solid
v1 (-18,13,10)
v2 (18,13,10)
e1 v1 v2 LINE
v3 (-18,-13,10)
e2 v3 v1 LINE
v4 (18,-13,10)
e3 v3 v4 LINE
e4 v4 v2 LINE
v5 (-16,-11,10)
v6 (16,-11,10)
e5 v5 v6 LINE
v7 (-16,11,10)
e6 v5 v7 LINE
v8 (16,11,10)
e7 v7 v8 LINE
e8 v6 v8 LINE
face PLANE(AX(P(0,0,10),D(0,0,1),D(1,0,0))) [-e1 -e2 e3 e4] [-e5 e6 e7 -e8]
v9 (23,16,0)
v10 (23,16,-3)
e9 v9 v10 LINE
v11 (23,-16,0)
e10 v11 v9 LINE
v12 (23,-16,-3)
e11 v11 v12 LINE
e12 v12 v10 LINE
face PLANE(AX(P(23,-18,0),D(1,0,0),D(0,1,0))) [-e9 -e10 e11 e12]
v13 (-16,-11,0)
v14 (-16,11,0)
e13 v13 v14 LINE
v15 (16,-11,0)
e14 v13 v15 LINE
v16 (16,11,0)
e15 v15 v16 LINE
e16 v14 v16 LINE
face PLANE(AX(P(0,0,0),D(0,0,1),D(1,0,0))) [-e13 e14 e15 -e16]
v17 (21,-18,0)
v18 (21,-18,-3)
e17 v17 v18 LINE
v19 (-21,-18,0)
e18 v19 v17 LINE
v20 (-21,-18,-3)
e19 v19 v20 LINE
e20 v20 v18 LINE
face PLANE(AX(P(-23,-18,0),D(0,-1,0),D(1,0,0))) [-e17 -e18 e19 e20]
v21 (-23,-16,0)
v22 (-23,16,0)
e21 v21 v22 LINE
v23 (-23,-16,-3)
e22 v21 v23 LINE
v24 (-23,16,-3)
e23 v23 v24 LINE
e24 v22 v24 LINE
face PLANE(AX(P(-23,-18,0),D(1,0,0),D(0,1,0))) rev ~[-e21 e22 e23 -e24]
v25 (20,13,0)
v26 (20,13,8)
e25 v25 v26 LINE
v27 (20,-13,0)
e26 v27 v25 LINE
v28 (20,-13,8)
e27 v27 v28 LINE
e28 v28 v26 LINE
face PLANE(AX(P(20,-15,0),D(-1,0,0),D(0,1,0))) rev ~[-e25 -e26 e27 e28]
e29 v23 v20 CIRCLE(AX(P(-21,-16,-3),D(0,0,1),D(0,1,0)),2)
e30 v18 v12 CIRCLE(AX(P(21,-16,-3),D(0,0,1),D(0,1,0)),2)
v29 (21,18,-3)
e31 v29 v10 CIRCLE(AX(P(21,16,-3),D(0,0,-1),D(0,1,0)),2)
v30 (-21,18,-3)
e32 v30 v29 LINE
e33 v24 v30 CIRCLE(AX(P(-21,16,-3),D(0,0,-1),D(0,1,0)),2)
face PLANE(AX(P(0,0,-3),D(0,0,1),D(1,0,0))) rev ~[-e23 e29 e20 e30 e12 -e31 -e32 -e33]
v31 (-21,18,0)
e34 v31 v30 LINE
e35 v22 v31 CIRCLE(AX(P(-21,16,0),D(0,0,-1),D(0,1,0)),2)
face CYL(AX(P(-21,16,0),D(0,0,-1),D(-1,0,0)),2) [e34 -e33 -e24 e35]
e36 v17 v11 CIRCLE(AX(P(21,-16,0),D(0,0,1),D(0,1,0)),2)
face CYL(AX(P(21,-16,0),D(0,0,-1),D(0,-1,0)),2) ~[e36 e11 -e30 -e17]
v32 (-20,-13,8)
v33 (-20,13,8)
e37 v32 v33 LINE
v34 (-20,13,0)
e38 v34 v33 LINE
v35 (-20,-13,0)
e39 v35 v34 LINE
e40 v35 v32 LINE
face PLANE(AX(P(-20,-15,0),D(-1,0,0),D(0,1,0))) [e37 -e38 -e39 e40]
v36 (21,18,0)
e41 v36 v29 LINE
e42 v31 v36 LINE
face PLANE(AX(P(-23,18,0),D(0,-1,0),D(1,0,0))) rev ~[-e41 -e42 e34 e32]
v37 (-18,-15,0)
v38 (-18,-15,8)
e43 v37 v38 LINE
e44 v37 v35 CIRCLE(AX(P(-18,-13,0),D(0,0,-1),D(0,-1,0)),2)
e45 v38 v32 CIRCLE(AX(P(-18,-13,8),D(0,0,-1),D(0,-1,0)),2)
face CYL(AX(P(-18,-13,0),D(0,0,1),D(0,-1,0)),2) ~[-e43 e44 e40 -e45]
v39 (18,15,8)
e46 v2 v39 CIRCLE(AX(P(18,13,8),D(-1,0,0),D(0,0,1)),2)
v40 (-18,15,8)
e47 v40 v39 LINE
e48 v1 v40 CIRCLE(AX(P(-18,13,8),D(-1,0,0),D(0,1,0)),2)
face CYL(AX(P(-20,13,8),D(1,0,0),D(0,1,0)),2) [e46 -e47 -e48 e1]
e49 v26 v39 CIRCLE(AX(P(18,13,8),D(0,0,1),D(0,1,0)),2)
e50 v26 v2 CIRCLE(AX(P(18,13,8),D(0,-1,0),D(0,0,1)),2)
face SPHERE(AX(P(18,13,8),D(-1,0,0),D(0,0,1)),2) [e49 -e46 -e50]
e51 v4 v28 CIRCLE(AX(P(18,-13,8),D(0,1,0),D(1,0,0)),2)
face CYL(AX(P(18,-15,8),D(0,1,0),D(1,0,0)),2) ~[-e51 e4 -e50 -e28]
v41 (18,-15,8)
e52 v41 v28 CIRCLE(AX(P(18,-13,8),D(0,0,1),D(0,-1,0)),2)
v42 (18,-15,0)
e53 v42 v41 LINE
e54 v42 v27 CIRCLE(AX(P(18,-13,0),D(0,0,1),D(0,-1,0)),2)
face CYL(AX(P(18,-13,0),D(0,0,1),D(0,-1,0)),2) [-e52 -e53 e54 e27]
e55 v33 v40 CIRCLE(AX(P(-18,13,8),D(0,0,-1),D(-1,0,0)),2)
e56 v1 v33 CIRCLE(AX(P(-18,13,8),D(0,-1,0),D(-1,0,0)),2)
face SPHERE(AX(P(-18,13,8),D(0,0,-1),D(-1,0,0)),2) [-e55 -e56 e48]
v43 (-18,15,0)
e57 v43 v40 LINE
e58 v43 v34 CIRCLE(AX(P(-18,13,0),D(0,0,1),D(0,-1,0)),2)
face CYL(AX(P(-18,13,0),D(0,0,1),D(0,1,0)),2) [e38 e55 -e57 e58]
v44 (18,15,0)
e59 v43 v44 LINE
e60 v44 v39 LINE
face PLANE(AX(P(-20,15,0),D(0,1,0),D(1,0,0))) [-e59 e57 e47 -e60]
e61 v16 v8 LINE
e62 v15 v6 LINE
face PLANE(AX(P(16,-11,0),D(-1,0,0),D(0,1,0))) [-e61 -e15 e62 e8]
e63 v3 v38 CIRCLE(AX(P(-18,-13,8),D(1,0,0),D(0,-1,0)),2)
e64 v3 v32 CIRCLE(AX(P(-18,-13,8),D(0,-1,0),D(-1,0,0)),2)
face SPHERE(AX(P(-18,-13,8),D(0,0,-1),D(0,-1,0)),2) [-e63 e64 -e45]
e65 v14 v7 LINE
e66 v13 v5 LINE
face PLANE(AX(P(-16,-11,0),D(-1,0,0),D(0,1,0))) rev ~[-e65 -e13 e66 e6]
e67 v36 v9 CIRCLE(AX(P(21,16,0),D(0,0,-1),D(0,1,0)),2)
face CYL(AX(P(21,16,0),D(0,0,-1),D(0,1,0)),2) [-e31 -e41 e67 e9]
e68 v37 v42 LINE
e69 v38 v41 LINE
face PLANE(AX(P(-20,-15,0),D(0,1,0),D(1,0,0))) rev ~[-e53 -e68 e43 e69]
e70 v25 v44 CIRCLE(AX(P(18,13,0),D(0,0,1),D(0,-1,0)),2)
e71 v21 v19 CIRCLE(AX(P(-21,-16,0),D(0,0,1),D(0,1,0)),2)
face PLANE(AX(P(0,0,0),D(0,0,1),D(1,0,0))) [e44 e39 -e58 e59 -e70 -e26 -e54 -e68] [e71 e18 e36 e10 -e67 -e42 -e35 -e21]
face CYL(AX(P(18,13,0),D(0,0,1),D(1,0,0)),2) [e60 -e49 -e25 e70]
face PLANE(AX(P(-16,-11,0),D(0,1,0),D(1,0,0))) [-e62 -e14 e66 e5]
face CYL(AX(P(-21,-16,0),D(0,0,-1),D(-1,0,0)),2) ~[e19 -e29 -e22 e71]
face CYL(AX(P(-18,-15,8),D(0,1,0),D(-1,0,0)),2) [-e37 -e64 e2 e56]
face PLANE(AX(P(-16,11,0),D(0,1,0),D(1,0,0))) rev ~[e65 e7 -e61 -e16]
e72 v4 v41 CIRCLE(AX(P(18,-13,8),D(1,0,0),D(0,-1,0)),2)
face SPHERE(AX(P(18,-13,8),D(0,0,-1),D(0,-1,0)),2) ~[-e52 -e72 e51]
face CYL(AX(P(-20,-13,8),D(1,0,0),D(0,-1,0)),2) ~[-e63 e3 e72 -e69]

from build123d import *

# Parameters (mm, degrees)
F0_W     = 40
F0_H     = 30
F0_W_2   = 32
F0_H_2   = 22
F1_DEPTH = 10
F0_W_3   = 46
F0_H_3   = 36
F2_DEPTH = 3
F3_R     = 2


with BuildPart() as f1:
    # F0 (on Top) → F1 (new body)
    with BuildSketch(Plane.XY):
        Rectangle(F0_W, F0_H)
        Rectangle(F0_W_2, F0_H_2, mode=Mode.SUBTRACT)
    extrude(amount=F1_DEPTH)

    # F0 (on Top) → F2 (join)
    with BuildSketch(Plane.XY):
        Rectangle(F0_W_3, F0_H_3)
        Rectangle(F0_W, F0_H, mode=Mode.SUBTRACT)
        Rectangle(F0_W, F0_H)
        Rectangle(F0_W_2, F0_H_2, mode=Mode.SUBTRACT)
        Rectangle(F0_W_2, F0_H_2)
    extrude(amount=-F2_DEPTH)

    # F3
    f3_edges = [f1.edges().sort_by_distance(p)[0] for p in [
        (-20, -15, 5),
        (-20, 15, 5),
        (20, -15, 5),
        (0, -15, 10),
        (-20, 0, 10),
        (0, 15, 10),
        (20, 0, 10),
        (20, 15, 5),
        (23, 18, -1.5),
        (23, -18, -1.5),
        (-23, -18, -1.5),
        (-23, 18, -1.5),
    ]]
    fillet(f3_edges, radius=F3_R)


solid = f1.part
